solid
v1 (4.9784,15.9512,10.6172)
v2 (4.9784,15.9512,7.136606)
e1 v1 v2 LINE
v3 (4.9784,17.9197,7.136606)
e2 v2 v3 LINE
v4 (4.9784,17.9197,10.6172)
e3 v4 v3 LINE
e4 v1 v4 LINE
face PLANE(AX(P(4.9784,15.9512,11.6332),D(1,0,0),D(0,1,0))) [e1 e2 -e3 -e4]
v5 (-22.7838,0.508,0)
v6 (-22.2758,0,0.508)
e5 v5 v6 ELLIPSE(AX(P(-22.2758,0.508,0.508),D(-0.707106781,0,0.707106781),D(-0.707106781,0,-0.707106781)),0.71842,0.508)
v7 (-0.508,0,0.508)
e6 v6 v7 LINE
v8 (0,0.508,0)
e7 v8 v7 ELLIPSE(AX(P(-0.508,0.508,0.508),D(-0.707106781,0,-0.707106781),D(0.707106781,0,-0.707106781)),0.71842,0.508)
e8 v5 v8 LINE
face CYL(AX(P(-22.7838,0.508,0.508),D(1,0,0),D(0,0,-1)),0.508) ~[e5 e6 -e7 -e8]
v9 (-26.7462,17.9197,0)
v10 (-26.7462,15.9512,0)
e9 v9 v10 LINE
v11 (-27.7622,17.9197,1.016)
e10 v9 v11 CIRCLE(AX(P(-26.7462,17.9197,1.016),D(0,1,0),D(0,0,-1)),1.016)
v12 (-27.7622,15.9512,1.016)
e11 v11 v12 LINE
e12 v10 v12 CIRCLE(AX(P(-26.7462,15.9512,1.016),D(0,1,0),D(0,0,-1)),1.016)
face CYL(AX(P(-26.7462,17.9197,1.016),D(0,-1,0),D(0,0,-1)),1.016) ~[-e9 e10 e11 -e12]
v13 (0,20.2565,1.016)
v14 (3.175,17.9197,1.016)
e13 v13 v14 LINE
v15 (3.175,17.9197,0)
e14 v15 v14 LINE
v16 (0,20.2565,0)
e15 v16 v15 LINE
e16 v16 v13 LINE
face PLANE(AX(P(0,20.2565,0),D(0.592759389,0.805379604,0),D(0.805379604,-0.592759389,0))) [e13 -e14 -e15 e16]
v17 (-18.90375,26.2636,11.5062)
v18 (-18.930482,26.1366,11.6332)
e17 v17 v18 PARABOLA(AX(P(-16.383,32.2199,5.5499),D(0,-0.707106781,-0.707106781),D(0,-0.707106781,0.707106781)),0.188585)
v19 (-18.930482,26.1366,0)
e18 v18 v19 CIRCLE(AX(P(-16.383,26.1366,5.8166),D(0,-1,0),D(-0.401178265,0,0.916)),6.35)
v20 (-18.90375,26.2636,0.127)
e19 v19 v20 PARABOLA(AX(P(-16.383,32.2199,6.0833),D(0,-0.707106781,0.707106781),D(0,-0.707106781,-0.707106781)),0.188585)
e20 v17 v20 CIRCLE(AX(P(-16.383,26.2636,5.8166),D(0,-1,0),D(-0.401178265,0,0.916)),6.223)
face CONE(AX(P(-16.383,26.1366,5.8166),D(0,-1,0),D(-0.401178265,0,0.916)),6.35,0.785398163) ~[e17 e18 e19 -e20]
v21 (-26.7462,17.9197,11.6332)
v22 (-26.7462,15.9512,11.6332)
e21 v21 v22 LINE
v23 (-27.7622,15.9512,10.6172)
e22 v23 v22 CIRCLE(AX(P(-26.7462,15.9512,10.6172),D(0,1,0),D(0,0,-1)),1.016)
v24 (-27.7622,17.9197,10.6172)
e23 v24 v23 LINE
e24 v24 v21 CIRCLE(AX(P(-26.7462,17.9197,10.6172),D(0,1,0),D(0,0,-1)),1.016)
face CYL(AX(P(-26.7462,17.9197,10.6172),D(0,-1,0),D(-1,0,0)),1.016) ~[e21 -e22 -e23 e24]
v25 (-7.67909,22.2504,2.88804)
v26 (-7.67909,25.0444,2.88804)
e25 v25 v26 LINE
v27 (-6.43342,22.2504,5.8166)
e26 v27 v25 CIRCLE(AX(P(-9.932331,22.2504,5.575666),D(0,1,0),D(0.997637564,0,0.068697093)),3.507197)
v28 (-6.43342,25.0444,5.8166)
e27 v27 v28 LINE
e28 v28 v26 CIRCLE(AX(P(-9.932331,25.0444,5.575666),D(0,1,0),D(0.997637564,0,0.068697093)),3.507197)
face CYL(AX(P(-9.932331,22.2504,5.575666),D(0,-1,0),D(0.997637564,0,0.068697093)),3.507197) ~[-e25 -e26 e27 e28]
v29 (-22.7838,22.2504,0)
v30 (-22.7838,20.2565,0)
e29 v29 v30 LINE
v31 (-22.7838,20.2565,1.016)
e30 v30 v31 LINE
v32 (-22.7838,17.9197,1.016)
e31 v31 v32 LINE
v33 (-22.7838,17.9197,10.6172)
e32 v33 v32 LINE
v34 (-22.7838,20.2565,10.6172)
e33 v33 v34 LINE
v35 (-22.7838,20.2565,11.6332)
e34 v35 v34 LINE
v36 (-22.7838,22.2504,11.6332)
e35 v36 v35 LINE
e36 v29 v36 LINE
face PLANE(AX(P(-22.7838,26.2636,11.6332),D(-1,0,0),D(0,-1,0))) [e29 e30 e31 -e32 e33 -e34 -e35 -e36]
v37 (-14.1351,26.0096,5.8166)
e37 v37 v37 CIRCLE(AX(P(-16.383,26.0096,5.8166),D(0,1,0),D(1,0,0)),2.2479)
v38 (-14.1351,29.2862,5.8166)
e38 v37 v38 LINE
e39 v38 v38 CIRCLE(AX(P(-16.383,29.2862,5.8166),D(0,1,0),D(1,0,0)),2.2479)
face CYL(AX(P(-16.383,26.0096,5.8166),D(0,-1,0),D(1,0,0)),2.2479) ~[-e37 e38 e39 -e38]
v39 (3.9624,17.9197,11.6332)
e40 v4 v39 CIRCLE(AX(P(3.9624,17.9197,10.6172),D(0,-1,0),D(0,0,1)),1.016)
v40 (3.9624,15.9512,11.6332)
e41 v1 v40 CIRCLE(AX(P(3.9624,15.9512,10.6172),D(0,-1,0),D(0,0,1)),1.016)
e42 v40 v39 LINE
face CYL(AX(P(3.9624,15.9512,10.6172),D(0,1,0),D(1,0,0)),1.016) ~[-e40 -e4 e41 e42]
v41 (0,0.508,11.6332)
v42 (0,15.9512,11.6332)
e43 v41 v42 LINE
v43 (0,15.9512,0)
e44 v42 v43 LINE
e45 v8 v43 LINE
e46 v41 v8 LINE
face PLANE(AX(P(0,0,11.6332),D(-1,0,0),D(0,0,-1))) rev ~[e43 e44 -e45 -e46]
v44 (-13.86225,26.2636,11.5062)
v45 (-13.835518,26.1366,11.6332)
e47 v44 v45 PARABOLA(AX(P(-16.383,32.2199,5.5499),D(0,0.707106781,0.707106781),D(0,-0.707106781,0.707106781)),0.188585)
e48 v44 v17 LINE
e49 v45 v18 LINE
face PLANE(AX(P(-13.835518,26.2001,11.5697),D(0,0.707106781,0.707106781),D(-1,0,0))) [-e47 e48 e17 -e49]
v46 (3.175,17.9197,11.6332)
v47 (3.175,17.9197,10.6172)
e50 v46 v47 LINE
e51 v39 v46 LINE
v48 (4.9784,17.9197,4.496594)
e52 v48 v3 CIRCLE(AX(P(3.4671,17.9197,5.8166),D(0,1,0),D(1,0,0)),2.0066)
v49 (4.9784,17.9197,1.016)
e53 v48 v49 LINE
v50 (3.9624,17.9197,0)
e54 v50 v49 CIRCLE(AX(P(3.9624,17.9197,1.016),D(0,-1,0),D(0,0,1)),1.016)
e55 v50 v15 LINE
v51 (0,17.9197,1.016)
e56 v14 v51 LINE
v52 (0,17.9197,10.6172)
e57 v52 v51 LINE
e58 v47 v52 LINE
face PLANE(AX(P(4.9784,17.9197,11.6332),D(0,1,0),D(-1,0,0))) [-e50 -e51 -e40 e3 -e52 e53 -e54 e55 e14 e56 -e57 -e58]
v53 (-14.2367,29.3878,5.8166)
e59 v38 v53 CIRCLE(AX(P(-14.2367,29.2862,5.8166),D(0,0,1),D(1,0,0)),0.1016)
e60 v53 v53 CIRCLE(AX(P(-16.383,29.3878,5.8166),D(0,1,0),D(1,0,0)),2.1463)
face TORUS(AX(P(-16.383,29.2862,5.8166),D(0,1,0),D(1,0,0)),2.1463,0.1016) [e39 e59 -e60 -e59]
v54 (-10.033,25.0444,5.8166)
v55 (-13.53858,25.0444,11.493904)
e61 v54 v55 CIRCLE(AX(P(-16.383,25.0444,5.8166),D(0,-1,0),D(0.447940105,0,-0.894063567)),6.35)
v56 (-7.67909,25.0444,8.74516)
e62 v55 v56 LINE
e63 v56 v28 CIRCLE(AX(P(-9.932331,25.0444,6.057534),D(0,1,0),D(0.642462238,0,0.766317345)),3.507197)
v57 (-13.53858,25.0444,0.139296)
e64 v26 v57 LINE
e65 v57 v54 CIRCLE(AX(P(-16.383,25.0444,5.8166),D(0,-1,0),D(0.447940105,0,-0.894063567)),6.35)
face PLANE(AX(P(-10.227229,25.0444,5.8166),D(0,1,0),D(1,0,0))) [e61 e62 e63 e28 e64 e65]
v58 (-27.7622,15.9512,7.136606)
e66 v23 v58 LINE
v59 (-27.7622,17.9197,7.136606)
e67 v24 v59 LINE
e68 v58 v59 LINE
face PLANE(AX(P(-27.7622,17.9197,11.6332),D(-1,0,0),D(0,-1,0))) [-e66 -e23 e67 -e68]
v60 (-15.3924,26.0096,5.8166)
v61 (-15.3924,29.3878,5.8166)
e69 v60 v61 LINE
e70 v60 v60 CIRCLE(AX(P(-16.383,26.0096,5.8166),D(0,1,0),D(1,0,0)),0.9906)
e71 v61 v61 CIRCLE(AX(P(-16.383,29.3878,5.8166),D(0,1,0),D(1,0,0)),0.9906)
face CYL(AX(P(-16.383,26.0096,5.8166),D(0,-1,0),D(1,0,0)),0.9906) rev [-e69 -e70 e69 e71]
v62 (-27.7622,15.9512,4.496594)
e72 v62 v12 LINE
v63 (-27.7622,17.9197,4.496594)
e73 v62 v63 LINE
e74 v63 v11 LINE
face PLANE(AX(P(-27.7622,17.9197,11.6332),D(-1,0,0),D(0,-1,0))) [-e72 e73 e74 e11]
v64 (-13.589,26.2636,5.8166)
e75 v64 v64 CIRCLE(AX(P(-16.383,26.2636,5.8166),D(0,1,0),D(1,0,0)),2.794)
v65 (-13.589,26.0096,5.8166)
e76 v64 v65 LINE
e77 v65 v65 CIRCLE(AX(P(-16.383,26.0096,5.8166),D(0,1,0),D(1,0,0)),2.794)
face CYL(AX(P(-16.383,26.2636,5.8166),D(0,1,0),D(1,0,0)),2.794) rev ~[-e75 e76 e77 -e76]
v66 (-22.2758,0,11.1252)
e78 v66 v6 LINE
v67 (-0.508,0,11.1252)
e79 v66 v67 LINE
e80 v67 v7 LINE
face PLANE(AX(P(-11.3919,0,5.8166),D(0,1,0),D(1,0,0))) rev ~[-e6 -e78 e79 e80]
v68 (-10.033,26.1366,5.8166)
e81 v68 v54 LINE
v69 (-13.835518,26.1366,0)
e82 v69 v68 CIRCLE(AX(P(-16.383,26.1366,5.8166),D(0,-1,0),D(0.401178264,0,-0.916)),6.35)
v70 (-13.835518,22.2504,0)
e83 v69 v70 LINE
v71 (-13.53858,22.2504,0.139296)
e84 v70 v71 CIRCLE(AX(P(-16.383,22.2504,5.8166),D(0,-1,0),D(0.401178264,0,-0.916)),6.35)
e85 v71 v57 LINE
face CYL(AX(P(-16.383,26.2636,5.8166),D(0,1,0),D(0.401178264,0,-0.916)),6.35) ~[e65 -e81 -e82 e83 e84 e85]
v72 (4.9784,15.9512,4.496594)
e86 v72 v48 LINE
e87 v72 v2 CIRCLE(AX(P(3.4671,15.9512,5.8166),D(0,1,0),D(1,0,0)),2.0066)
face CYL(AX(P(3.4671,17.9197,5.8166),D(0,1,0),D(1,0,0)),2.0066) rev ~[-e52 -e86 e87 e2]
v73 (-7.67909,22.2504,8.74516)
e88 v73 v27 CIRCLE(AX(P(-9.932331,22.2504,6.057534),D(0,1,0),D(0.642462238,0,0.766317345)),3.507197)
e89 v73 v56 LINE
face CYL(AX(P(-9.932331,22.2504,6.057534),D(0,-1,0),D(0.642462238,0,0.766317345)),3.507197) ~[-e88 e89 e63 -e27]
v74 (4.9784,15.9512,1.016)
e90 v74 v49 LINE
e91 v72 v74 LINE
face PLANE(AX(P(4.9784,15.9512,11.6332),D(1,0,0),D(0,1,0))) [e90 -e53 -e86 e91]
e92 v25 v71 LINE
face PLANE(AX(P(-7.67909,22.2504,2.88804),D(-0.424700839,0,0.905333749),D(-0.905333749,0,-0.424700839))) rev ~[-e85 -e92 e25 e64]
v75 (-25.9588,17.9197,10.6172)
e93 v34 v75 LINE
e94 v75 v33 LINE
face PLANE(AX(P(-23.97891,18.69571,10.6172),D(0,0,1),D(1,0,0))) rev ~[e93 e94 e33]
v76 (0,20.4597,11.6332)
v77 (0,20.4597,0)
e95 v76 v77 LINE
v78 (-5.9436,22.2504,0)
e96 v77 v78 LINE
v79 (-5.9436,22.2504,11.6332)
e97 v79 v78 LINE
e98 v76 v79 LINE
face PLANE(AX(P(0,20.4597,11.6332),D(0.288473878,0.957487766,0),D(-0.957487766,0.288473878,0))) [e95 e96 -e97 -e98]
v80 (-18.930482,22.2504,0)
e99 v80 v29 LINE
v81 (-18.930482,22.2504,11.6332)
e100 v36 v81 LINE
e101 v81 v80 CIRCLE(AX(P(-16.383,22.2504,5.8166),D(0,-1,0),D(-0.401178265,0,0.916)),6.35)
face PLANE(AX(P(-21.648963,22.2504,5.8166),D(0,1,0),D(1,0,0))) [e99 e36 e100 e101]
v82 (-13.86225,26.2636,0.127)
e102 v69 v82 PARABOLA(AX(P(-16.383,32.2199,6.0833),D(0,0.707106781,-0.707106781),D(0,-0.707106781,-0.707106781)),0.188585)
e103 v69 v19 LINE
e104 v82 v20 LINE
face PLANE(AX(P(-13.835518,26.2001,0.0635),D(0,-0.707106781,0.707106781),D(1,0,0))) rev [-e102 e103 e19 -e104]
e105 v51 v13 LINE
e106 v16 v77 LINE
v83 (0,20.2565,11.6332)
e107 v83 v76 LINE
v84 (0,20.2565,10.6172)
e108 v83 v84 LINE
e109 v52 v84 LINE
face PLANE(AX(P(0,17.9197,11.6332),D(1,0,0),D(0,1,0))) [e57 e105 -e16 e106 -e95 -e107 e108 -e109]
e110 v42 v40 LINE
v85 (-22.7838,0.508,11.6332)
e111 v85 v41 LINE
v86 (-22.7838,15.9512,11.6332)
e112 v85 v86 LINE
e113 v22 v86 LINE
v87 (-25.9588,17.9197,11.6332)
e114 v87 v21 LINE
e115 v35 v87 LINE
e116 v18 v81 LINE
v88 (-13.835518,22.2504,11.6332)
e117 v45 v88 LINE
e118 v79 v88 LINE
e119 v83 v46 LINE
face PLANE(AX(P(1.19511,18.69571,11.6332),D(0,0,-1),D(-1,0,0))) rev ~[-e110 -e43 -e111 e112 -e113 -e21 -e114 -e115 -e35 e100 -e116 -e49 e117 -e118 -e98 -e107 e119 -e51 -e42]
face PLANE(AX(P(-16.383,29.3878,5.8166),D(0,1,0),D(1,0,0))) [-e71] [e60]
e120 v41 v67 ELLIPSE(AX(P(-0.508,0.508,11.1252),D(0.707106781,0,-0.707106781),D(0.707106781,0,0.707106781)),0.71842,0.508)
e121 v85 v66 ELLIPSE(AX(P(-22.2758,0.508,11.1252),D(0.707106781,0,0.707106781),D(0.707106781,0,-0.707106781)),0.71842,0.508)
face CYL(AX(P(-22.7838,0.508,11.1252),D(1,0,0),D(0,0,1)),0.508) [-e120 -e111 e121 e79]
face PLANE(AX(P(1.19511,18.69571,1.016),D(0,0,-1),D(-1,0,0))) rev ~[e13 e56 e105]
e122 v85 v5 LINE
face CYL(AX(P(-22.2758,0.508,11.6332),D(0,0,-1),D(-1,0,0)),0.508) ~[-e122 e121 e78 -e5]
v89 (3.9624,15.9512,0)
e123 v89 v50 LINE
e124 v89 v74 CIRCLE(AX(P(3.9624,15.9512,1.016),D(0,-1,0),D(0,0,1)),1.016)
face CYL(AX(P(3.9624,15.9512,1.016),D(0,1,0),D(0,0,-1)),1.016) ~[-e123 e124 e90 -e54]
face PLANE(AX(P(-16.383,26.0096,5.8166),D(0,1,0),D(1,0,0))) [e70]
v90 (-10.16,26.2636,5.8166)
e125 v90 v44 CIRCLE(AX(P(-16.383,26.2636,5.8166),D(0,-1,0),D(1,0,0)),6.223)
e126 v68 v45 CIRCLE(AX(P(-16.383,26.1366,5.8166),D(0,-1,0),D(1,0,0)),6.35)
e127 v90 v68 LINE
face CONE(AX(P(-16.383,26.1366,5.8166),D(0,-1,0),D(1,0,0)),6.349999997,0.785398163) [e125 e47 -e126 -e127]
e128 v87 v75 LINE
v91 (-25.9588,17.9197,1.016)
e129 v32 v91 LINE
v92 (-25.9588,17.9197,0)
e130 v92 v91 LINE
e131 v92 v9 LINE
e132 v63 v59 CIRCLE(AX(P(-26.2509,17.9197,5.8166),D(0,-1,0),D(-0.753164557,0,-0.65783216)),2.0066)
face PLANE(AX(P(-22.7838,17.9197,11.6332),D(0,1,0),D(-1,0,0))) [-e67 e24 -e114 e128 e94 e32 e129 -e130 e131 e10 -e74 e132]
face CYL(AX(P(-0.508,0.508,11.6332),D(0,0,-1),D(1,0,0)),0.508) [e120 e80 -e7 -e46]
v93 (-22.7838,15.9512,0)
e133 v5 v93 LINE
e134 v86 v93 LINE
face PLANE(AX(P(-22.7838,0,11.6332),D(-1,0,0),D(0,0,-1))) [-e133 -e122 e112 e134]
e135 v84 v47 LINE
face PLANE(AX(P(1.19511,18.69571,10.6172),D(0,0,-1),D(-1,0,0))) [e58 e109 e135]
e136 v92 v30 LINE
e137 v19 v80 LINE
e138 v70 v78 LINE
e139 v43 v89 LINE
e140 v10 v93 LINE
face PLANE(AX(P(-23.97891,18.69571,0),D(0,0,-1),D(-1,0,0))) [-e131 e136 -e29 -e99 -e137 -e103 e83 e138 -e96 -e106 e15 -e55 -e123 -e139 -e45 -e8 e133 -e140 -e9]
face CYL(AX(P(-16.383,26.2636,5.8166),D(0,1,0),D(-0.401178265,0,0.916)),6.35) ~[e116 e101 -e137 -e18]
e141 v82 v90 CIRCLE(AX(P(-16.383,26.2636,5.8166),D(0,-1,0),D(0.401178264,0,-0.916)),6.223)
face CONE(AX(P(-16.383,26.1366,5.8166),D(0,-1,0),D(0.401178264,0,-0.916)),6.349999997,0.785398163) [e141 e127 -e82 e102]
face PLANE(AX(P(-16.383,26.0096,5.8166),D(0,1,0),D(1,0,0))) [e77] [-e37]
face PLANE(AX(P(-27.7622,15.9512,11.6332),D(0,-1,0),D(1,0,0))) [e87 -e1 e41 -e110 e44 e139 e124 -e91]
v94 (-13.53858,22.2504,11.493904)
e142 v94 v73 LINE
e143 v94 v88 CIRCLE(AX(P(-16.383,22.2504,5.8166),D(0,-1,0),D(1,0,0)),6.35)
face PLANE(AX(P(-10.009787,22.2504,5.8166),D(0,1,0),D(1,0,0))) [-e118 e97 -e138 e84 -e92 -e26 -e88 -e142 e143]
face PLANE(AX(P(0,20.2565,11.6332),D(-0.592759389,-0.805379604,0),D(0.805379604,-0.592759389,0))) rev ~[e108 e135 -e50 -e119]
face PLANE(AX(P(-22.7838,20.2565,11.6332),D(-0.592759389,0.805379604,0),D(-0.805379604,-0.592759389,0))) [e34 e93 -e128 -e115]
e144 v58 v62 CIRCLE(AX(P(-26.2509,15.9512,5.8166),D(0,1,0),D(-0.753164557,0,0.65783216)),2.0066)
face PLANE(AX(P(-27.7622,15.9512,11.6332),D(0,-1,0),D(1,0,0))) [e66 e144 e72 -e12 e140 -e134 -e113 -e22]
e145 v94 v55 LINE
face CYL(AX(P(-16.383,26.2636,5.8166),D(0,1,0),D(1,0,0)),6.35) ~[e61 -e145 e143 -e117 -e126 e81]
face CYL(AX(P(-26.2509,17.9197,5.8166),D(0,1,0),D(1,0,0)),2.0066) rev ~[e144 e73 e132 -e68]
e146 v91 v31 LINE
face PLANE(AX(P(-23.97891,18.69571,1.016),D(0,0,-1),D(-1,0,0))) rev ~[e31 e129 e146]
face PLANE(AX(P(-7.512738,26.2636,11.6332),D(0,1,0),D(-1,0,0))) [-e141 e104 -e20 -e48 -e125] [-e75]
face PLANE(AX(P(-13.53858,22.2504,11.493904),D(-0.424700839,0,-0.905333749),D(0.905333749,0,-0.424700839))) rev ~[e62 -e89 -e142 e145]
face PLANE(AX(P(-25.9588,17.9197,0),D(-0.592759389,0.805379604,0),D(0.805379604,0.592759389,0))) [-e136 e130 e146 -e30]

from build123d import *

# Parameters (mm, degrees)
SKETCH1_W            = 22.7838
SKETCH1_H            = 11.6332
BOSS_EXTRUDE1_DEPTH  = 15.9512
FILLET1_R            = 0.508
BOSS_EXTRUDE3_DEPTH  = 11.6332
CUT_EXTRUDE1_DEPTH   = 4.0132
CHAMFER1_SIZE        = 0.127
FILLET2_R            = 1.016
SKETCH7_R            = 2.0066
CUT_EXTRUDE2_DEPTH   = 18.9197
BOSS_EXTRUDE4_DEPTH  = 2.794
SKETCH9_R            = 2.794
CUT_EXTRUDE3_DEPTH   = 0.254
BOSS_EXTRUDE5_DEPTH  = 1.016
BOSS_EXTRUDE6_DEPTH  = 1.016
SKETCH12_R           = 2.2479
SKETCH12_R_2         = 0.9906
BOSS_EXTRUDE10_DEPTH = 3.3782
FILLET3_R            = 0.1016


with BuildPart() as part:
    # Sketch1 → Boss-Extrude1 (new body)
    with BuildSketch(Plane(origin=(0, 0, 0), x_dir=(1, 0, 0), z_dir=(0, 1, 0))):
        with Locations((-11.3919, -5.8166)):
            Rectangle(SKETCH1_W, SKETCH1_H)
    extrude(amount=BOSS_EXTRUDE1_DEPTH)

    # Fillet1
    fillet1_edges = [part.edges().sort_by_distance(p)[0] for p in [
        (-11.3919, 0, 11.6332),
        (-22.7838, 0, 5.8166),
        (-11.3919, 0, 0),
        (0, 0, 5.8166),
    ]]
    fillet(fillet1_edges, radius=FILLET1_R)

    # Sketch5 → Boss-Extrude3 (add)
    with BuildSketch(Plane.XY.offset(11.6332)):
        Polygon((0, 15.9512), (4.9784, 15.9512), (4.9784, 17.9197), (0, 17.9197), (0, 20.4597), (-5.9436, 22.2504), (-7.512738225, 22.2504), (-7.512738225, 26.2636), (-22.7838, 26.2636), (-22.7838, 17.9197), (-27.7622, 17.9197), (-27.7622, 15.9512), (-22.7838, 15.9512), align=None)
    extrude(amount=-BOSS_EXTRUDE3_DEPTH)

    # Sketch6 → Cut-Extrude1 (cut)
    with BuildSketch(Plane(origin=(0, 26.2636, 0), x_dir=(1, 0, 0), z_dir=(0, 1, 0))):
        with BuildLine():
            Line((-18.93048198, 0), (-22.7838, 0))
            Line((-22.7838, 0), (-22.7838, -11.6332))
            Line((-22.7838, -11.6332), (-18.93048198, -11.6332))
            ThreePointArc((-18.93048198, -11.6332), (-22.733, -5.8166), (-18.93048198, 0))
        make_face()
        with BuildLine():
            Line((-7.512738225, 0), (-13.83551802, 0))
            ThreePointArc((-13.83551802, 0), (-11.067973632, -2.341978479), (-10.033, -5.8166))
            ThreePointArc((-10.033, -5.8166), (-11.067973632, -9.291221521), (-13.83551802, -11.6332))
            Line((-13.83551802, -11.6332), (-7.512738225, -11.6332))
            Line((-7.512738225, -11.6332), (-7.512738225, 0))
        make_face()
    extrude(amount=-CUT_EXTRUDE1_DEPTH, mode=Mode.SUBTRACT)

    # Chamfer1
    chamfer1_edges = [part.edges().sort_by_distance(p)[0] for p in [
        (-16.383, 26.2636, 11.6332),
        (-22.733, 26.2636, 5.8166),
        (-16.383, 26.2636, 0),
        (-10.033, 26.2636, 5.8166),
    ]]
    chamfer(chamfer1_edges, length=CHAMFER1_SIZE)

    # Fillet2
    fillet2_edges = [part.edges().sort_by_distance(p)[0] for p in [
        (-27.7622, 16.93545, 0),
        (-27.7622, 16.93545, 11.6332),
        (4.9784, 16.93545, 0),
        (4.9784, 16.93545, 11.6332),
    ]]
    fillet(fillet2_edges, radius=FILLET2_R)

    # Sketch7 → Cut-Extrude2 (cut, through all)
    with BuildSketch(Plane(origin=(0, 17.9197, 0), x_dir=(1, 0, 0), z_dir=(0, 1, 0))):
        with Locations((3.4671, -5.8166)):
            Circle(SKETCH7_R)
        with Locations((-26.2509, -5.8166)):
            Circle(SKETCH7_R)
    extrude(amount=-CUT_EXTRUDE2_DEPTH, mode=Mode.SUBTRACT)

    # Sketch8 → Boss-Extrude4 (add)
    with BuildSketch(Plane(origin=(0, 22.2504, 0), x_dir=(1, 0, 0), z_dir=(0, 1, 0))):
        with BuildLine():
            Line((-7.679090009, -2.88804007), (-13.538580336, -0.139296346))
            ThreePointArc((-13.538580336, -0.139296346), (-10.033, -5.8166), (-13.538580336, -11.493903654))
            Line((-13.538580336, -11.493903654), (-7.679090009, -8.74515993))
            ThreePointArc((-7.679090009, -8.74515993), (-6.704959334, -7.430304447), (-6.433420255, -5.8166))
            ThreePointArc((-6.433420255, -5.8166), (-6.704959334, -4.202895553), (-7.679090009, -2.88804007))
        make_face()
    extrude(amount=BOSS_EXTRUDE4_DEPTH)

    # Sketch9 → Cut-Extrude3 (cut)
    with BuildSketch(Plane(origin=(0, 26.2636, 0), x_dir=(1, 0, 0), z_dir=(0, 1, 0))):
        with Locations((-16.383, -5.8166)):
            Circle(SKETCH9_R)
    extrude(amount=-CUT_EXTRUDE3_DEPTH, mode=Mode.SUBTRACT)

    # Sketch10 → Boss-Extrude5 (add)
    with BuildSketch(Plane.XY.offset(11.6332)):
        Polygon((0, 20.2565), (3.175, 17.9197), (0, 17.9197), align=None)
        Polygon((-22.7838, 17.9197), (-22.7838, 20.2565), (-25.9588, 17.9197), align=None)
    extrude(amount=-BOSS_EXTRUDE5_DEPTH)

    # Sketch11 → Boss-Extrude6 (add)
    with BuildSketch(Plane(origin=(0, 0, 0), x_dir=(-1, 0, 0), z_dir=(0, 0, -1))):
        Polygon((22.7838, 20.2565), (22.7838, 17.9197), (25.9588, 17.9197), align=None)
        Polygon((0, 20.2565), (-3.175, 17.9197), (0, 17.9197), align=None)
    extrude(amount=-BOSS_EXTRUDE6_DEPTH)

    # Sketch12 → Boss-Extrude10 (add)
    with BuildSketch(Plane(origin=(0, 26.0096, 0), x_dir=(1, 0, 0), z_dir=(0, 1, 0))):
        with Locations((-16.383, -5.8166)):
            Circle(SKETCH12_R)
        with Locations((-16.383, -5.8166)):
            Circle(SKETCH12_R_2, mode=Mode.SUBTRACT)
    extrude(amount=BOSS_EXTRUDE10_DEPTH)

    # Fillet3
    fillet3_edges = [part.edges().sort_by_distance(p)[0] for p in [
        (-18.6309, 29.3878, 5.8166),
    ]]
    fillet(fillet3_edges, radius=FILLET3_R)


solid = part.part
